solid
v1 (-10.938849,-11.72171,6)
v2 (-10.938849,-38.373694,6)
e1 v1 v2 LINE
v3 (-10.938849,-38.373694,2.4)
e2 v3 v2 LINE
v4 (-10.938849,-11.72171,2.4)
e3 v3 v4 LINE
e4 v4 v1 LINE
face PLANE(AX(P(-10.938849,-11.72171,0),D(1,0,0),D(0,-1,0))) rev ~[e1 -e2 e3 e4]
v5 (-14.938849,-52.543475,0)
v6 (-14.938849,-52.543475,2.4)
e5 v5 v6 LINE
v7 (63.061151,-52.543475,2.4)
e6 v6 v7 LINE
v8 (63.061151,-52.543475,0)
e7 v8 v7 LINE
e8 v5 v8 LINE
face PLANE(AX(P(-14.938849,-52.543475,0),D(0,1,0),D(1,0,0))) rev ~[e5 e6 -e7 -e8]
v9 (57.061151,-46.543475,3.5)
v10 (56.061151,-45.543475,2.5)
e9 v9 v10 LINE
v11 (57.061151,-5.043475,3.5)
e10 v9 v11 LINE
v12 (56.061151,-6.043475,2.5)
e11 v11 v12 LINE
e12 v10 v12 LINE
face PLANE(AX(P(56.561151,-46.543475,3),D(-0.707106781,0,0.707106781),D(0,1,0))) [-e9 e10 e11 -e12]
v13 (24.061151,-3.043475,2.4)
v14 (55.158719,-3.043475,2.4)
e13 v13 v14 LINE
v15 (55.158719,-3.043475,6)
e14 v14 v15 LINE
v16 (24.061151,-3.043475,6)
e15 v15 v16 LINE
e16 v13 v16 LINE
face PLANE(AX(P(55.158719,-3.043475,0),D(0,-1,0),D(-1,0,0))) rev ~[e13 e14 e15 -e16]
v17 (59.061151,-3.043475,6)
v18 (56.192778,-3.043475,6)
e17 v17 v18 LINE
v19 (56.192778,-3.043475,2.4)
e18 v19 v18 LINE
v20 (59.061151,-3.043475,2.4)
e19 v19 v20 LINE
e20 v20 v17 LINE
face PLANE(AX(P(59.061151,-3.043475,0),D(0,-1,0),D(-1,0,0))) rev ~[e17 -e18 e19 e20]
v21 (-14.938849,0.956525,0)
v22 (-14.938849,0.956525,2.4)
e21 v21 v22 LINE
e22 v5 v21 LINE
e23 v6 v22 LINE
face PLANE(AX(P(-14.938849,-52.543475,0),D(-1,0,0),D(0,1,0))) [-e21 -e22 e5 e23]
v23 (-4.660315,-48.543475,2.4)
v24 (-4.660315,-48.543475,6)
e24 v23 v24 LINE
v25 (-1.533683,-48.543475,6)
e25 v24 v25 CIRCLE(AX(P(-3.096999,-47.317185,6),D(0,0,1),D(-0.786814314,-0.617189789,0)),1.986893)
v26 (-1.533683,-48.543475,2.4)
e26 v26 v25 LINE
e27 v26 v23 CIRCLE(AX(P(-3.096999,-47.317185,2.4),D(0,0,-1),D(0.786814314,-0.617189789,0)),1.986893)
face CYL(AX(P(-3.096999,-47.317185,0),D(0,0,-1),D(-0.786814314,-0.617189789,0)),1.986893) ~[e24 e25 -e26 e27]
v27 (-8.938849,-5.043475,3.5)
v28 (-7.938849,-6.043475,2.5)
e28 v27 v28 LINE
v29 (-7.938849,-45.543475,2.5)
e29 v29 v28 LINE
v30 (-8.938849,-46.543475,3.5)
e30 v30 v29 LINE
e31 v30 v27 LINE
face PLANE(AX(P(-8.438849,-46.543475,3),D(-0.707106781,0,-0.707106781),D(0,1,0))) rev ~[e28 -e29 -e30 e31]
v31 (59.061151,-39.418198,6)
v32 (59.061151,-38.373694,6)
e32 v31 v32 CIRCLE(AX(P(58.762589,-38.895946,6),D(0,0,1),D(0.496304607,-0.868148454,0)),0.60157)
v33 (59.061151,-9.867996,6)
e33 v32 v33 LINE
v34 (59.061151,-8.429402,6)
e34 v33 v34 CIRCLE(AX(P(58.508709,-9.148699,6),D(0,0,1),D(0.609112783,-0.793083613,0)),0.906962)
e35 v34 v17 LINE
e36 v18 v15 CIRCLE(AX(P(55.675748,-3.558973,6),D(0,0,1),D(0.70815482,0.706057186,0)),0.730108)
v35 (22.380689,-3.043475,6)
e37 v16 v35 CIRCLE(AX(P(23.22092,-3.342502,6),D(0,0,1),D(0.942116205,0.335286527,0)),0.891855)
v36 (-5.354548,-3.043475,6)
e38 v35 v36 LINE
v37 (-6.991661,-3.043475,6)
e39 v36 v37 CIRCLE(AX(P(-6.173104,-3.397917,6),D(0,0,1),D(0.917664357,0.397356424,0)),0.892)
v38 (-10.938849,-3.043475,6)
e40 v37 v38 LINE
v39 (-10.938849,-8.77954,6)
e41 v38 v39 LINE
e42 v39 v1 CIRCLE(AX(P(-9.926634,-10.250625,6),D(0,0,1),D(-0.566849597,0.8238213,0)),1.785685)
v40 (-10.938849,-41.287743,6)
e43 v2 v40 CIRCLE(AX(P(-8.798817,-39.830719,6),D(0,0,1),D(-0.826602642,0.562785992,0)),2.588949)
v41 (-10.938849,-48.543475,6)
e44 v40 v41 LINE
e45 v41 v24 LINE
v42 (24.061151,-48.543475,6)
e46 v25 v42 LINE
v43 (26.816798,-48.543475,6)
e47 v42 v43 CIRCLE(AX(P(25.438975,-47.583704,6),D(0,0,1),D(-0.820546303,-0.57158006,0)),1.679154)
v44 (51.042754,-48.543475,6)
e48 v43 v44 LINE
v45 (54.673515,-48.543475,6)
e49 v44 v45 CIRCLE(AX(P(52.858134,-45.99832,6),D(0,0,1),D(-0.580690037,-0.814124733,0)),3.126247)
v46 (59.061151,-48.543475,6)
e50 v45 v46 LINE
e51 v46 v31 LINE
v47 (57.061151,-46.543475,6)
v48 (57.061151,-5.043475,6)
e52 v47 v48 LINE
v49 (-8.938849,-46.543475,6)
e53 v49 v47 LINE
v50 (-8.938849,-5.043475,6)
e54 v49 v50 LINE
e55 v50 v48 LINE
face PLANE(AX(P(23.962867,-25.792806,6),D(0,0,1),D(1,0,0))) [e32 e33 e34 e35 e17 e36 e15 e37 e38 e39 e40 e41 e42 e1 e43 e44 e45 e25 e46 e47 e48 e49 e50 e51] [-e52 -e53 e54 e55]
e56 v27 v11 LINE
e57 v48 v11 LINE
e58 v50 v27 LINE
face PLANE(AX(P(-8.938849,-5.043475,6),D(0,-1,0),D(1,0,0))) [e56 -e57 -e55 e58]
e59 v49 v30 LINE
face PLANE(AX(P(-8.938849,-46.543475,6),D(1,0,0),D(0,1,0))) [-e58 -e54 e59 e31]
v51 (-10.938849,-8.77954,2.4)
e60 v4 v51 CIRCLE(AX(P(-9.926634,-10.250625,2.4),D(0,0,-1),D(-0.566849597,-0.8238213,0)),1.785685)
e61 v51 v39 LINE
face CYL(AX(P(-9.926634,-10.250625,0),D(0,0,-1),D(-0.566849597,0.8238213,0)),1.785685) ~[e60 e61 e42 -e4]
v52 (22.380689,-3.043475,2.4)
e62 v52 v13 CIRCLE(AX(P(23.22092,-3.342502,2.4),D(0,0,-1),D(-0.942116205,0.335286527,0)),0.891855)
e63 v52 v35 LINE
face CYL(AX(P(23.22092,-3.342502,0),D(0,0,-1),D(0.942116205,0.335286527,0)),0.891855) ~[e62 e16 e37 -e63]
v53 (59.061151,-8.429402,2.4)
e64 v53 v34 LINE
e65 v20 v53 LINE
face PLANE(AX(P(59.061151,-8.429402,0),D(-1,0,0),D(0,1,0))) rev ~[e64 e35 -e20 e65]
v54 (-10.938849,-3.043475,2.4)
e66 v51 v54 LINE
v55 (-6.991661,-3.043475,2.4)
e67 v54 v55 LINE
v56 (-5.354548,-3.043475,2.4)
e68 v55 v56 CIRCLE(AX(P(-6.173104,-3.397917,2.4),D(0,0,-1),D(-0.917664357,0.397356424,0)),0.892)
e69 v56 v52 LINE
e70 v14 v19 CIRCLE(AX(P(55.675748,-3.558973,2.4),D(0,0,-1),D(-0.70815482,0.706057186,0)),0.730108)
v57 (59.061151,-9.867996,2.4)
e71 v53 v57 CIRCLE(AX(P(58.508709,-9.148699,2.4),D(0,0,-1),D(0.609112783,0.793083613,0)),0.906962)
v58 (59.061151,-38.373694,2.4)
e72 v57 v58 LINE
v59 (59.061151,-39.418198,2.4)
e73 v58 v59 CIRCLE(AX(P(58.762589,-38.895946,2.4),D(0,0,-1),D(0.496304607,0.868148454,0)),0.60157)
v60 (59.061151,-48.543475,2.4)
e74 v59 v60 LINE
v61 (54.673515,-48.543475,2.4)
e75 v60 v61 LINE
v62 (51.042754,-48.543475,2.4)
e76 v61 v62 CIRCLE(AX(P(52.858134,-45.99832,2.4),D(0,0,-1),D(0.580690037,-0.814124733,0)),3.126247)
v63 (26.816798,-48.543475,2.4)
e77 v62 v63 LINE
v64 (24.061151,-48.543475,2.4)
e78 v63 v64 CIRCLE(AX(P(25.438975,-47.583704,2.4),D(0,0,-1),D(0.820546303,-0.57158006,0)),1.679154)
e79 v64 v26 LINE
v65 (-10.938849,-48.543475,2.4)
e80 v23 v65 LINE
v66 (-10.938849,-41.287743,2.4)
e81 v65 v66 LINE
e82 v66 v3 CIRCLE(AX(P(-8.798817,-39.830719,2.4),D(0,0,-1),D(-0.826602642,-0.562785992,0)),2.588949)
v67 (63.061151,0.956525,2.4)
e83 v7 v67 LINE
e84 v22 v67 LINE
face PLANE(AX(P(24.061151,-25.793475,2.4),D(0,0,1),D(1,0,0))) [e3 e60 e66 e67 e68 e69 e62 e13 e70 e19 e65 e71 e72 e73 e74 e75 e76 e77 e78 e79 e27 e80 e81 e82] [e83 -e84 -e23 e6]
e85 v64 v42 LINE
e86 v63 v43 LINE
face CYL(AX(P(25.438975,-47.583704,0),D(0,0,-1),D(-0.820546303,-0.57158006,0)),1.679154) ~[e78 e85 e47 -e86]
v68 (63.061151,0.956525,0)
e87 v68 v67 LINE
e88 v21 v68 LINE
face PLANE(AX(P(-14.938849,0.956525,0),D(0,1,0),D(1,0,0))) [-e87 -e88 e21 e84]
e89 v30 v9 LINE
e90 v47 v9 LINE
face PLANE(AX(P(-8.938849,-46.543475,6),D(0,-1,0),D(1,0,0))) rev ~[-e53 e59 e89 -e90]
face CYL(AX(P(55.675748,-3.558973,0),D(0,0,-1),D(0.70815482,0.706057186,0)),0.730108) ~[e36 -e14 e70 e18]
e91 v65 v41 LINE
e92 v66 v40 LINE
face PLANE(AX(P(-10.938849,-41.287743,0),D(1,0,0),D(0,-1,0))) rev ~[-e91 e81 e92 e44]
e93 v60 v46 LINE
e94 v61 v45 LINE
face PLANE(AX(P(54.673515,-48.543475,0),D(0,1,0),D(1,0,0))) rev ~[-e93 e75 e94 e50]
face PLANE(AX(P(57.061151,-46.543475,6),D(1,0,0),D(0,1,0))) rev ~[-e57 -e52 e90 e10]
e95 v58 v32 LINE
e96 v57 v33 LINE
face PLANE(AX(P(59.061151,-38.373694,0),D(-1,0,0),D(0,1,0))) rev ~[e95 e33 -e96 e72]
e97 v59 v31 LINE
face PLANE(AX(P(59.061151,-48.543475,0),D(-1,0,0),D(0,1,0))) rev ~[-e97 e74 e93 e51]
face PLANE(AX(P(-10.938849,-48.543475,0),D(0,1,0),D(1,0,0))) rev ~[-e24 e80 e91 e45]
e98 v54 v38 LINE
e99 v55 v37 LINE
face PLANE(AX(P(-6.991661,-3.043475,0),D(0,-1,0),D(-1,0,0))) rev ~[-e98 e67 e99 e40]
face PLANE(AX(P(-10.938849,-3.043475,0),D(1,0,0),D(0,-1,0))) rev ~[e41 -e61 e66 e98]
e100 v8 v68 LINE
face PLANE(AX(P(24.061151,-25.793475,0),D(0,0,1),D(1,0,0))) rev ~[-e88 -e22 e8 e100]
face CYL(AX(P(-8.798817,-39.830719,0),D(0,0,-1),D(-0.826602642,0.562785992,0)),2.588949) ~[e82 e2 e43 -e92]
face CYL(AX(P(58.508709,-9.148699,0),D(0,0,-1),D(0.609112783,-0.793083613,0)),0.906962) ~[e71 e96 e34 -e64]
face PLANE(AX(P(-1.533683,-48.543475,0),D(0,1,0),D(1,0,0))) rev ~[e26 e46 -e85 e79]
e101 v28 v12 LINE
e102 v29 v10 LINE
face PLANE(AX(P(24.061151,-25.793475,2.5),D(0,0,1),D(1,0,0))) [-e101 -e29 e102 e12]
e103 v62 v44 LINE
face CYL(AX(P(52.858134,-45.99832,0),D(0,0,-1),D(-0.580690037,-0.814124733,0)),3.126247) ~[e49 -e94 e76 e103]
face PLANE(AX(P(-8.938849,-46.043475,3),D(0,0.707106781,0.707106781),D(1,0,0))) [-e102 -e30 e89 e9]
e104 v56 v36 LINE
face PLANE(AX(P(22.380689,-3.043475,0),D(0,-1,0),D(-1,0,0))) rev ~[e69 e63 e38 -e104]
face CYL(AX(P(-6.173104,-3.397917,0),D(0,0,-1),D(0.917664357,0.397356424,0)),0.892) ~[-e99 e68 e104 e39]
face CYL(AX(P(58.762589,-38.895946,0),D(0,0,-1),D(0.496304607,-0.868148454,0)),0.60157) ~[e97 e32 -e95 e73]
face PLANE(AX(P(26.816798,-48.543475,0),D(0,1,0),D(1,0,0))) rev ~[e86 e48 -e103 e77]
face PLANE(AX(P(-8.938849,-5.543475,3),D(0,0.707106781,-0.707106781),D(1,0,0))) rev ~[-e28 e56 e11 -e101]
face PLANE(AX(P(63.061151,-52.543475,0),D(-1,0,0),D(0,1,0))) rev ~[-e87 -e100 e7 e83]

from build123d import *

# Parameters (mm, degrees)
F0_W     = 78
F0_H     = 53.5
F1_DEPTH = 2.4
F2_DEPTH = 6
F3_W     = 66
F3_H     = 41.5
F4_DEPTH = 3.5
F5_SIZE  = 1


with BuildPart() as f1:
    # F0 (on Top) → F1 (new body)
    with BuildSketch(Plane.XY):
        with Locations((24.061151, -25.793475)):
            Rectangle(F0_W, F0_H)
        with BuildLine():
            Line((-10.938849, -8.77954), (-10.938849, -3.043475))
            Line((-10.938849, -3.043475), (-6.991661, -3.043475))
            ThreePointArc((-6.991661, -3.043475), (-6.173105, -2.505917), (-5.354548, -3.043475))
            Line((-5.354548, -3.043475), (22.380689, -3.043475))
            ThreePointArc((22.380689, -3.043475), (23.22092, -2.450647), (24.061151, -3.043475))
            Line((24.061151, -3.043475), (55.158719, -3.043475))
            ThreePointArc((55.158719, -3.043475), (55.675749, -2.828865), (56.192778, -3.043475))
            Line((56.192778, -3.043475), (59.061151, -3.043475))
            Line((59.061151, -3.043475), (59.061151, -8.429402))
            ThreePointArc((59.061151, -8.429402), (59.415671, -9.148699), (59.061151, -9.867996))
            Line((59.061151, -9.867996), (59.061151, -38.373694))
            ThreePointArc((59.061151, -38.373694), (59.364159, -38.895946), (59.061151, -39.418198))
            Line((59.061151, -39.418198), (59.061151, -48.543475))
            Line((59.061151, -48.543475), (54.673515, -48.543475))
            ThreePointArc((54.673515, -48.543475), (52.858135, -49.124567), (51.042754, -48.543475))
            Line((51.042754, -48.543475), (26.816798, -48.543475))
            ThreePointArc((26.816798, -48.543475), (25.438975, -49.262858), (24.061151, -48.543475))
            Line((24.061151, -48.543475), (-1.533683, -48.543475))
            ThreePointArc((-1.533683, -48.543475), (-3.096999, -49.304078), (-4.660315, -48.543475))
            Line((-4.660315, -48.543475), (-10.938849, -48.543475))
            Line((-10.938849, -48.543475), (-10.938849, -41.287743))
            ThreePointArc((-10.938849, -41.287743), (-11.387766, -39.830718), (-10.938849, -38.373694))
            Line((-10.938849, -38.373694), (-10.938849, -11.72171))
            ThreePointArc((-10.938849, -11.72171), (-11.712319, -10.250625), (-10.938849, -8.77954))
        make_face(mode=Mode.SUBTRACT)
    extrude(amount=F1_DEPTH)

    # F0 (on Top) → F2 (join)
    with BuildSketch(Plane.XY):
        with BuildLine():
            Line((-6.991661, -3.043475), (-10.938849, -3.043475))
            Line((-10.938849, -3.043475), (-10.938849, -8.77954))
            ThreePointArc((-10.938849, -8.77954), (-11.712319, -10.250625), (-10.938849, -11.72171))
            Line((-10.938849, -11.72171), (-10.938849, -38.373694))
            ThreePointArc((-10.938849, -38.373694), (-11.387766, -39.830718), (-10.938849, -41.287743))
            Line((-10.938849, -41.287743), (-10.938849, -48.543475))
            Line((-10.938849, -48.543475), (-4.660315, -48.543475))
            ThreePointArc((-4.660315, -48.543475), (-3.096999, -49.304078), (-1.533683, -48.543475))
            Line((-1.533683, -48.543475), (24.061151, -48.543475))
            ThreePointArc((24.061151, -48.543475), (25.438975, -49.262858), (26.816798, -48.543475))
            Line((26.816798, -48.543475), (51.042754, -48.543475))
            ThreePointArc((51.042754, -48.543475), (52.858135, -49.124567), (54.673515, -48.543475))
            Line((54.673515, -48.543475), (59.061151, -48.543475))
            Line((59.061151, -48.543475), (59.061151, -39.418198))
            ThreePointArc((59.061151, -39.418198), (59.364159, -38.895946), (59.061151, -38.373694))
            Line((59.061151, -38.373694), (59.061151, -9.867996))
            ThreePointArc((59.061151, -9.867996), (59.415671, -9.148699), (59.061151, -8.429402))
            Line((59.061151, -8.429402), (59.061151, -3.043475))
            Line((59.061151, -3.043475), (56.192778, -3.043475))
            ThreePointArc((56.192778, -3.043475), (55.675749, -2.828865), (55.158719, -3.043475))
            Line((55.158719, -3.043475), (24.061151, -3.043475))
            ThreePointArc((24.061151, -3.043475), (23.22092, -2.450647), (22.380689, -3.043475))
            Line((22.380689, -3.043475), (-5.354548, -3.043475))
            ThreePointArc((-5.354548, -3.043475), (-6.173105, -2.505917), (-6.991661, -3.043475))
        make_face()
    extrude(amount=F2_DEPTH)

    # F3 (on face) → F4 (cut)
    with BuildSketch(Plane.XY.offset(6)):
        with Locations((24.061151, -25.793475)):
            Rectangle(F3_W, F3_H)
    extrude(amount=-F4_DEPTH, mode=Mode.SUBTRACT)

    # F5
    f5_edges = [f1.edges().sort_by_distance(p)[0] for p in [
        (-8.938849, -25.793475, 2.5),
        (24.061151, -5.043475, 2.5),
        (57.061151, -25.793475, 2.5),
        (24.061151, -46.543475, 2.5),
    ]]
    chamfer(f5_edges, length=F5_SIZE)


solid = f1.part
